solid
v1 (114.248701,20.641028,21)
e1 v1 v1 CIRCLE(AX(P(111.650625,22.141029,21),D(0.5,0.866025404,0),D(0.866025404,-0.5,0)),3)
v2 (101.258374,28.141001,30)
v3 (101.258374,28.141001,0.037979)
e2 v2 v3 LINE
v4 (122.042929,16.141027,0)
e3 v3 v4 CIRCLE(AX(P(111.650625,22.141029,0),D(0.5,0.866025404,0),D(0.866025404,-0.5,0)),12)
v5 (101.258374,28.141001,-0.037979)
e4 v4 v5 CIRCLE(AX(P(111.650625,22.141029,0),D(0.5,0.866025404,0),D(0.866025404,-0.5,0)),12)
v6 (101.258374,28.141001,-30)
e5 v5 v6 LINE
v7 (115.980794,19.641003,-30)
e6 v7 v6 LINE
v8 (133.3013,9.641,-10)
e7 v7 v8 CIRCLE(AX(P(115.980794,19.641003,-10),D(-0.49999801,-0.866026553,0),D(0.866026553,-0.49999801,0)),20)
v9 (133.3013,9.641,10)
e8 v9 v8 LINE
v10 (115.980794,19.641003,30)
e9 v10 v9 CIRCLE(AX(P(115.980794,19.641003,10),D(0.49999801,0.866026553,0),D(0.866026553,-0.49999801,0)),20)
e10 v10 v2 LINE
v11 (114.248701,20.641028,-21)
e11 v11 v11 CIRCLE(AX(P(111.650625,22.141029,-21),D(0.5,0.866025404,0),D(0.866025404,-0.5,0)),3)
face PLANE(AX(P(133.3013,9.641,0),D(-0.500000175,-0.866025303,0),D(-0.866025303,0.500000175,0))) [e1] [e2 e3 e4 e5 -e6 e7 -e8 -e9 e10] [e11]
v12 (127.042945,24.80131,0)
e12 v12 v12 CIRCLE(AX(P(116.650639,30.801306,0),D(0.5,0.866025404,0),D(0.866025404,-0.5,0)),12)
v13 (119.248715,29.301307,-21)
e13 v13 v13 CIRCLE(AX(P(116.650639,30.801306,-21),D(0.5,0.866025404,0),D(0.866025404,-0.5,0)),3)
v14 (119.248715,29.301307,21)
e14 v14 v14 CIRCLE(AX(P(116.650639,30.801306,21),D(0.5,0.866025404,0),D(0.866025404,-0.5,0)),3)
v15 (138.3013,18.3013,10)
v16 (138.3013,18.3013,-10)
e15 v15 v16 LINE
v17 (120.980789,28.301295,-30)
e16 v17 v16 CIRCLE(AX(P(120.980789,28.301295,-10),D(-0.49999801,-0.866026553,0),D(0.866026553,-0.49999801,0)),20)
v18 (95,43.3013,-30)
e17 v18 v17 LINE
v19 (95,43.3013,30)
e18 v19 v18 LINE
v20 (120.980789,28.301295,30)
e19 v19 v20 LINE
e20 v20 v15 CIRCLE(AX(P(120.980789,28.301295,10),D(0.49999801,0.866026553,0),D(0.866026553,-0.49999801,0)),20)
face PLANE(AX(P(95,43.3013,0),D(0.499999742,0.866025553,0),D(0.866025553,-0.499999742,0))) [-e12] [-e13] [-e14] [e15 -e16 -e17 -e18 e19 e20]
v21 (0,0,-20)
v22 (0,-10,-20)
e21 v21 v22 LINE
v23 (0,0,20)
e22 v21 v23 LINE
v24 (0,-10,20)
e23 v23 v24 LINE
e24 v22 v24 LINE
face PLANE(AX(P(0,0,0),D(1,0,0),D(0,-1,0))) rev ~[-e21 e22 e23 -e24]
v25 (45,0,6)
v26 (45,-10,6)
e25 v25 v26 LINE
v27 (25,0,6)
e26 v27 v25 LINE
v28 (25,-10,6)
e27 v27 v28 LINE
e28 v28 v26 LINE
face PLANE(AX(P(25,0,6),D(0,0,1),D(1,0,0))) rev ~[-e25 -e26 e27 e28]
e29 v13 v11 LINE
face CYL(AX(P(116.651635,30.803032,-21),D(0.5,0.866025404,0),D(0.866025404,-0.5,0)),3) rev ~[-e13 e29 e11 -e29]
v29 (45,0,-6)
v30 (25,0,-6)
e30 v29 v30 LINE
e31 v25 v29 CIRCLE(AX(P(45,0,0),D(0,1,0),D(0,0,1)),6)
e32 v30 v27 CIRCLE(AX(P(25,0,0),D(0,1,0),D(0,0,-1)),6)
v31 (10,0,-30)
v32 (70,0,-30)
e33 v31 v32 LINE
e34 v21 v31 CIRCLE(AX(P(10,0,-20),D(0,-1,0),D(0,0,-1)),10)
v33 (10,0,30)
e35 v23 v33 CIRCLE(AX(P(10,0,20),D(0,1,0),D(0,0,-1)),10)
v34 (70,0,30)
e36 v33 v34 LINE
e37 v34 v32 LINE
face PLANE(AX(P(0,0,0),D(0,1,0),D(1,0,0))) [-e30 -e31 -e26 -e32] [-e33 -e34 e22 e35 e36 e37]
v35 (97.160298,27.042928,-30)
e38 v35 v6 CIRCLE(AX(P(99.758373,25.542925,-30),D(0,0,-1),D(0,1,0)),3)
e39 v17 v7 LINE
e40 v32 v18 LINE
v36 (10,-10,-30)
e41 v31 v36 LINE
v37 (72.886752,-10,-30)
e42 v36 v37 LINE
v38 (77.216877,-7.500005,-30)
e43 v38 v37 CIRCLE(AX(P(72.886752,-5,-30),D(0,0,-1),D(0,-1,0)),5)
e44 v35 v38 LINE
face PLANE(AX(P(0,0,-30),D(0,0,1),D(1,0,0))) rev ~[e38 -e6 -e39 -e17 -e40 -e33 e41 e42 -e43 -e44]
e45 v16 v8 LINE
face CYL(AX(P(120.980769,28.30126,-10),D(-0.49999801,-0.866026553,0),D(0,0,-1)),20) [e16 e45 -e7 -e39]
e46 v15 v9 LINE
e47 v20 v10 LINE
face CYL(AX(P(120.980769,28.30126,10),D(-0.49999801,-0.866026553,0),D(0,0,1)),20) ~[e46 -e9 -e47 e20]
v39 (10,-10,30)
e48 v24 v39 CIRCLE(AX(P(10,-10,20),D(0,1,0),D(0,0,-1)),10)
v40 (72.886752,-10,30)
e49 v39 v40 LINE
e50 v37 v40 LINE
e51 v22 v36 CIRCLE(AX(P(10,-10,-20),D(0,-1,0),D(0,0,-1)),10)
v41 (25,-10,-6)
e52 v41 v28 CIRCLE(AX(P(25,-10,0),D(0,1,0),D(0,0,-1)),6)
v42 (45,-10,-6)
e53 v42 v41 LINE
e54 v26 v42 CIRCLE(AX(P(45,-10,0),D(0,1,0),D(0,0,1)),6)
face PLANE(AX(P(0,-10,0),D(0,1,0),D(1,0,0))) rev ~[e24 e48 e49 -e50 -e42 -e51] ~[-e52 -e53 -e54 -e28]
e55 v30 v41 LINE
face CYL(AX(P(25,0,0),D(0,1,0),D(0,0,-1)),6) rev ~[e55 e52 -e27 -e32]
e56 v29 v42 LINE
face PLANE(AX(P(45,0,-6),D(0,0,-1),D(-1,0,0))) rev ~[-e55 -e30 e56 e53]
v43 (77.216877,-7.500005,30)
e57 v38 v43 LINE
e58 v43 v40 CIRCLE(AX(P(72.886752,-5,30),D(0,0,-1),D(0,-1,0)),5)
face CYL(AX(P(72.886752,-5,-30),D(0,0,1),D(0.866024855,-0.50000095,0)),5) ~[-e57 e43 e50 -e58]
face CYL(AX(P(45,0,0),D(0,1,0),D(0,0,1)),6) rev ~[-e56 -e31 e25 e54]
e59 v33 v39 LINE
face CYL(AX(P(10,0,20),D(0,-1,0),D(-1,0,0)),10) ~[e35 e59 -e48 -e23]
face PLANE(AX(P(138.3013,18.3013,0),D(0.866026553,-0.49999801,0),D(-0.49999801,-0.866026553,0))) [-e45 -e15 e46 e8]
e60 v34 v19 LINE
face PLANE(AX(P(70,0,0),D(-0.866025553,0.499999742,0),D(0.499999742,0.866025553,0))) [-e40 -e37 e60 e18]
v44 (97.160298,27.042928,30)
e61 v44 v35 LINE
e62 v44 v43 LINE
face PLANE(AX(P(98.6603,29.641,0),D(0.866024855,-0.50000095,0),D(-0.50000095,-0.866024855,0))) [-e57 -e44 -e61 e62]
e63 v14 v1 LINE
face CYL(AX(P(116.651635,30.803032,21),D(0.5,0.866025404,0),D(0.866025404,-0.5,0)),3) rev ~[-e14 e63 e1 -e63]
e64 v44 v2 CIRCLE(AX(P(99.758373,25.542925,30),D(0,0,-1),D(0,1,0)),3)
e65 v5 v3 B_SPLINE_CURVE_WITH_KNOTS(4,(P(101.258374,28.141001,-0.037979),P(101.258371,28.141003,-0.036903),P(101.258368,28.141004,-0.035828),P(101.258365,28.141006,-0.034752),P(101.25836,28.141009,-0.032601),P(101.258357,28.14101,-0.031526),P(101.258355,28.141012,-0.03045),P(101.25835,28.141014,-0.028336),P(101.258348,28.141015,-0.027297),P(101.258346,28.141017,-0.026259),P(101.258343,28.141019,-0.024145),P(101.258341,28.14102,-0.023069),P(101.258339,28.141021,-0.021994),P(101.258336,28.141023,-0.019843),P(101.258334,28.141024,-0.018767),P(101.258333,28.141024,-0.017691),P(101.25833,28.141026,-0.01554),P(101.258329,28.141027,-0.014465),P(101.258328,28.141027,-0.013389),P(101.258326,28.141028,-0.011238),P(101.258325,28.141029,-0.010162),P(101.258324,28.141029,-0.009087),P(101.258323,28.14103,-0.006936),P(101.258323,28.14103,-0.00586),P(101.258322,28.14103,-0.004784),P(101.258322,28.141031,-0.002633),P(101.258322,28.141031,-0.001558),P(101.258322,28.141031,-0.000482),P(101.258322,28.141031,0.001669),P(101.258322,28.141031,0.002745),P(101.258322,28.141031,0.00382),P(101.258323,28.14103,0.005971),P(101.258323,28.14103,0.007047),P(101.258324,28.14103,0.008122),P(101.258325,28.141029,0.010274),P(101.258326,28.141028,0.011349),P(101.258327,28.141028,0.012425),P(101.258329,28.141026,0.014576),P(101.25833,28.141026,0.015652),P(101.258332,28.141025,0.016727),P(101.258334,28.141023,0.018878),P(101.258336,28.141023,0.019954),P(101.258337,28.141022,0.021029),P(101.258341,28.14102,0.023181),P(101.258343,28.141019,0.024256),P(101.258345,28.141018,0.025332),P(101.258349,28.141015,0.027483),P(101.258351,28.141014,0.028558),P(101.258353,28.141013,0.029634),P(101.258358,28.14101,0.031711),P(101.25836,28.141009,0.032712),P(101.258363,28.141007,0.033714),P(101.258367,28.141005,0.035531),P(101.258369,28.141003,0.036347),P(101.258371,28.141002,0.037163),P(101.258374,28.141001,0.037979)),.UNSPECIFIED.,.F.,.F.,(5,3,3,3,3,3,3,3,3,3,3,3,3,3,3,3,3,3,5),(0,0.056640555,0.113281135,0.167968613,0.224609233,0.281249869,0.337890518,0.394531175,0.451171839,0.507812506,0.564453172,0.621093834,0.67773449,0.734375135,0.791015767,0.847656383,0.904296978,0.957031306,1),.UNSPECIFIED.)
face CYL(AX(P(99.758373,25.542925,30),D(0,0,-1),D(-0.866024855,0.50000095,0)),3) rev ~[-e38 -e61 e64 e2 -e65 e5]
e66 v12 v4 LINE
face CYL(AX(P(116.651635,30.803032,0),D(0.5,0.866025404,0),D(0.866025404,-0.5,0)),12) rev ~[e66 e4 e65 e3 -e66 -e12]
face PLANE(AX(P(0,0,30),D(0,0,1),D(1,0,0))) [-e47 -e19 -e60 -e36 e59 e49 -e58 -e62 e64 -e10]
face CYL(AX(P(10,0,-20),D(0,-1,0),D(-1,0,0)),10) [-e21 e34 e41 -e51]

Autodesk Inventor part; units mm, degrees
ref_plane "YZ Plane" through (0, 0, 0) normal (1, 0, 0) x (0, 1, 0)
ref_plane "XZ Plane" through (0, 0, 0) normal (0, 1, 0) x (-1, 0, 0)
ref_plane "XY Plane" through (0, 0, 0) normal (0, 0, 1) x (1, 0, 0)
sketch "스케치1" plane through (0, 0, 0) normal (0, 0, 1) x (1, 0, 0)
  line L0 (0, 0) -> (0, -10)
  line L1 (0, -10) -> (75.7735, -10)
  line L2 (0, 0) -> (70, 0)
  line L3 (0, 0) -> (70, 0) construction
  line L4 (70, 0) -> (95, 43.3013)
  line L5 (95, 43.3013) -> (138.3013, 18.3013)
  line L6 (138.3013, 18.3013) -> (133.3013, 9.641)
  line L7 (133.3013, 9.641) -> (98.6603, 29.641)
  line L8 (98.6603, 29.641) -> (75.7735, -10)
  dimension "d0" = 10
  dimension "d10" = 70
  dimension "d12" = 50
  dimension "d13" = 120
  dimension "d14" = 50
  dimension "d15" = 90
  dimension "d16" = 10
  dimension "d17" = 90
  dimension "d18" = 10
extrude "돌출1" add sketch "스케치1" along normal mid plane 60
fillet "모깎기1" radius 10 2 edges at (0, -5, 30) (0, -5, -30)
fillet "모깎기2" radius 20 2 edges at (135.8013, 13.9711, 30) (135.8013, 13.9711, -30)
fillet "모깎기3" radius 5 1 edges at (75.7735, -10, 0)
fillet "모깎기4" radius 3 1 edges at (98.6603, 29.641, 0)
sketch "스케치2" plane through (70, 0, 30) normal (0, 1, 0) x (1, 0, 0)
  line L0 (-45, 30) -> (-25, 30) construction
  line L1 (-45, 24) -> (-25, 24)
  line L2 (-25, 36) -> (-45, 36)
  arc A0 (-45, 36) -> (-45, 24) centre (-45, 30) ccw
  arc A1 (-25, 24) -> (-25, 36) centre (-25, 30) ccw
  line L3 (-70, 10) -> (-70, 50) projected
  line L4 (0, 0) -> (-60, 0) projected
  point P0 (-70, 30)
  point P1 (-35, 30)
  dimension "d23" = 12
  dimension "d24" = 20
  dimension "d25" = 25
  dimension "d26" = 30
extrude "돌출2" cut sketch "스케치2" against normal blind 60
sketch "스케치3" plane through (95, 43.3013, 30) normal (0.5, 0.866, 0) x (0.866, -0.5, 0)
  circle A0 centre (25, 30) radius 12
  circle A1 centre (25, 51) radius 3
  circle A2 centre (25, 9) radius 3
  line L0 (0, 60) -> (0, 0) projected
  line L1 (0, 60) -> (30, 60) projected
  point P0 (-60.6218, 30)
  dimension "d29" = 24
  dimension "d30" = 6
  dimension "d32" = 6
  dimension "d33" = 21
  dimension "d34" = 21
  dimension "d36" = 25
  dimension "d37" = 25
  dimension "d38" = 30
extrude "돌출3" cut sketch "스케치3" against normal blind 60
properties part number "1번"
